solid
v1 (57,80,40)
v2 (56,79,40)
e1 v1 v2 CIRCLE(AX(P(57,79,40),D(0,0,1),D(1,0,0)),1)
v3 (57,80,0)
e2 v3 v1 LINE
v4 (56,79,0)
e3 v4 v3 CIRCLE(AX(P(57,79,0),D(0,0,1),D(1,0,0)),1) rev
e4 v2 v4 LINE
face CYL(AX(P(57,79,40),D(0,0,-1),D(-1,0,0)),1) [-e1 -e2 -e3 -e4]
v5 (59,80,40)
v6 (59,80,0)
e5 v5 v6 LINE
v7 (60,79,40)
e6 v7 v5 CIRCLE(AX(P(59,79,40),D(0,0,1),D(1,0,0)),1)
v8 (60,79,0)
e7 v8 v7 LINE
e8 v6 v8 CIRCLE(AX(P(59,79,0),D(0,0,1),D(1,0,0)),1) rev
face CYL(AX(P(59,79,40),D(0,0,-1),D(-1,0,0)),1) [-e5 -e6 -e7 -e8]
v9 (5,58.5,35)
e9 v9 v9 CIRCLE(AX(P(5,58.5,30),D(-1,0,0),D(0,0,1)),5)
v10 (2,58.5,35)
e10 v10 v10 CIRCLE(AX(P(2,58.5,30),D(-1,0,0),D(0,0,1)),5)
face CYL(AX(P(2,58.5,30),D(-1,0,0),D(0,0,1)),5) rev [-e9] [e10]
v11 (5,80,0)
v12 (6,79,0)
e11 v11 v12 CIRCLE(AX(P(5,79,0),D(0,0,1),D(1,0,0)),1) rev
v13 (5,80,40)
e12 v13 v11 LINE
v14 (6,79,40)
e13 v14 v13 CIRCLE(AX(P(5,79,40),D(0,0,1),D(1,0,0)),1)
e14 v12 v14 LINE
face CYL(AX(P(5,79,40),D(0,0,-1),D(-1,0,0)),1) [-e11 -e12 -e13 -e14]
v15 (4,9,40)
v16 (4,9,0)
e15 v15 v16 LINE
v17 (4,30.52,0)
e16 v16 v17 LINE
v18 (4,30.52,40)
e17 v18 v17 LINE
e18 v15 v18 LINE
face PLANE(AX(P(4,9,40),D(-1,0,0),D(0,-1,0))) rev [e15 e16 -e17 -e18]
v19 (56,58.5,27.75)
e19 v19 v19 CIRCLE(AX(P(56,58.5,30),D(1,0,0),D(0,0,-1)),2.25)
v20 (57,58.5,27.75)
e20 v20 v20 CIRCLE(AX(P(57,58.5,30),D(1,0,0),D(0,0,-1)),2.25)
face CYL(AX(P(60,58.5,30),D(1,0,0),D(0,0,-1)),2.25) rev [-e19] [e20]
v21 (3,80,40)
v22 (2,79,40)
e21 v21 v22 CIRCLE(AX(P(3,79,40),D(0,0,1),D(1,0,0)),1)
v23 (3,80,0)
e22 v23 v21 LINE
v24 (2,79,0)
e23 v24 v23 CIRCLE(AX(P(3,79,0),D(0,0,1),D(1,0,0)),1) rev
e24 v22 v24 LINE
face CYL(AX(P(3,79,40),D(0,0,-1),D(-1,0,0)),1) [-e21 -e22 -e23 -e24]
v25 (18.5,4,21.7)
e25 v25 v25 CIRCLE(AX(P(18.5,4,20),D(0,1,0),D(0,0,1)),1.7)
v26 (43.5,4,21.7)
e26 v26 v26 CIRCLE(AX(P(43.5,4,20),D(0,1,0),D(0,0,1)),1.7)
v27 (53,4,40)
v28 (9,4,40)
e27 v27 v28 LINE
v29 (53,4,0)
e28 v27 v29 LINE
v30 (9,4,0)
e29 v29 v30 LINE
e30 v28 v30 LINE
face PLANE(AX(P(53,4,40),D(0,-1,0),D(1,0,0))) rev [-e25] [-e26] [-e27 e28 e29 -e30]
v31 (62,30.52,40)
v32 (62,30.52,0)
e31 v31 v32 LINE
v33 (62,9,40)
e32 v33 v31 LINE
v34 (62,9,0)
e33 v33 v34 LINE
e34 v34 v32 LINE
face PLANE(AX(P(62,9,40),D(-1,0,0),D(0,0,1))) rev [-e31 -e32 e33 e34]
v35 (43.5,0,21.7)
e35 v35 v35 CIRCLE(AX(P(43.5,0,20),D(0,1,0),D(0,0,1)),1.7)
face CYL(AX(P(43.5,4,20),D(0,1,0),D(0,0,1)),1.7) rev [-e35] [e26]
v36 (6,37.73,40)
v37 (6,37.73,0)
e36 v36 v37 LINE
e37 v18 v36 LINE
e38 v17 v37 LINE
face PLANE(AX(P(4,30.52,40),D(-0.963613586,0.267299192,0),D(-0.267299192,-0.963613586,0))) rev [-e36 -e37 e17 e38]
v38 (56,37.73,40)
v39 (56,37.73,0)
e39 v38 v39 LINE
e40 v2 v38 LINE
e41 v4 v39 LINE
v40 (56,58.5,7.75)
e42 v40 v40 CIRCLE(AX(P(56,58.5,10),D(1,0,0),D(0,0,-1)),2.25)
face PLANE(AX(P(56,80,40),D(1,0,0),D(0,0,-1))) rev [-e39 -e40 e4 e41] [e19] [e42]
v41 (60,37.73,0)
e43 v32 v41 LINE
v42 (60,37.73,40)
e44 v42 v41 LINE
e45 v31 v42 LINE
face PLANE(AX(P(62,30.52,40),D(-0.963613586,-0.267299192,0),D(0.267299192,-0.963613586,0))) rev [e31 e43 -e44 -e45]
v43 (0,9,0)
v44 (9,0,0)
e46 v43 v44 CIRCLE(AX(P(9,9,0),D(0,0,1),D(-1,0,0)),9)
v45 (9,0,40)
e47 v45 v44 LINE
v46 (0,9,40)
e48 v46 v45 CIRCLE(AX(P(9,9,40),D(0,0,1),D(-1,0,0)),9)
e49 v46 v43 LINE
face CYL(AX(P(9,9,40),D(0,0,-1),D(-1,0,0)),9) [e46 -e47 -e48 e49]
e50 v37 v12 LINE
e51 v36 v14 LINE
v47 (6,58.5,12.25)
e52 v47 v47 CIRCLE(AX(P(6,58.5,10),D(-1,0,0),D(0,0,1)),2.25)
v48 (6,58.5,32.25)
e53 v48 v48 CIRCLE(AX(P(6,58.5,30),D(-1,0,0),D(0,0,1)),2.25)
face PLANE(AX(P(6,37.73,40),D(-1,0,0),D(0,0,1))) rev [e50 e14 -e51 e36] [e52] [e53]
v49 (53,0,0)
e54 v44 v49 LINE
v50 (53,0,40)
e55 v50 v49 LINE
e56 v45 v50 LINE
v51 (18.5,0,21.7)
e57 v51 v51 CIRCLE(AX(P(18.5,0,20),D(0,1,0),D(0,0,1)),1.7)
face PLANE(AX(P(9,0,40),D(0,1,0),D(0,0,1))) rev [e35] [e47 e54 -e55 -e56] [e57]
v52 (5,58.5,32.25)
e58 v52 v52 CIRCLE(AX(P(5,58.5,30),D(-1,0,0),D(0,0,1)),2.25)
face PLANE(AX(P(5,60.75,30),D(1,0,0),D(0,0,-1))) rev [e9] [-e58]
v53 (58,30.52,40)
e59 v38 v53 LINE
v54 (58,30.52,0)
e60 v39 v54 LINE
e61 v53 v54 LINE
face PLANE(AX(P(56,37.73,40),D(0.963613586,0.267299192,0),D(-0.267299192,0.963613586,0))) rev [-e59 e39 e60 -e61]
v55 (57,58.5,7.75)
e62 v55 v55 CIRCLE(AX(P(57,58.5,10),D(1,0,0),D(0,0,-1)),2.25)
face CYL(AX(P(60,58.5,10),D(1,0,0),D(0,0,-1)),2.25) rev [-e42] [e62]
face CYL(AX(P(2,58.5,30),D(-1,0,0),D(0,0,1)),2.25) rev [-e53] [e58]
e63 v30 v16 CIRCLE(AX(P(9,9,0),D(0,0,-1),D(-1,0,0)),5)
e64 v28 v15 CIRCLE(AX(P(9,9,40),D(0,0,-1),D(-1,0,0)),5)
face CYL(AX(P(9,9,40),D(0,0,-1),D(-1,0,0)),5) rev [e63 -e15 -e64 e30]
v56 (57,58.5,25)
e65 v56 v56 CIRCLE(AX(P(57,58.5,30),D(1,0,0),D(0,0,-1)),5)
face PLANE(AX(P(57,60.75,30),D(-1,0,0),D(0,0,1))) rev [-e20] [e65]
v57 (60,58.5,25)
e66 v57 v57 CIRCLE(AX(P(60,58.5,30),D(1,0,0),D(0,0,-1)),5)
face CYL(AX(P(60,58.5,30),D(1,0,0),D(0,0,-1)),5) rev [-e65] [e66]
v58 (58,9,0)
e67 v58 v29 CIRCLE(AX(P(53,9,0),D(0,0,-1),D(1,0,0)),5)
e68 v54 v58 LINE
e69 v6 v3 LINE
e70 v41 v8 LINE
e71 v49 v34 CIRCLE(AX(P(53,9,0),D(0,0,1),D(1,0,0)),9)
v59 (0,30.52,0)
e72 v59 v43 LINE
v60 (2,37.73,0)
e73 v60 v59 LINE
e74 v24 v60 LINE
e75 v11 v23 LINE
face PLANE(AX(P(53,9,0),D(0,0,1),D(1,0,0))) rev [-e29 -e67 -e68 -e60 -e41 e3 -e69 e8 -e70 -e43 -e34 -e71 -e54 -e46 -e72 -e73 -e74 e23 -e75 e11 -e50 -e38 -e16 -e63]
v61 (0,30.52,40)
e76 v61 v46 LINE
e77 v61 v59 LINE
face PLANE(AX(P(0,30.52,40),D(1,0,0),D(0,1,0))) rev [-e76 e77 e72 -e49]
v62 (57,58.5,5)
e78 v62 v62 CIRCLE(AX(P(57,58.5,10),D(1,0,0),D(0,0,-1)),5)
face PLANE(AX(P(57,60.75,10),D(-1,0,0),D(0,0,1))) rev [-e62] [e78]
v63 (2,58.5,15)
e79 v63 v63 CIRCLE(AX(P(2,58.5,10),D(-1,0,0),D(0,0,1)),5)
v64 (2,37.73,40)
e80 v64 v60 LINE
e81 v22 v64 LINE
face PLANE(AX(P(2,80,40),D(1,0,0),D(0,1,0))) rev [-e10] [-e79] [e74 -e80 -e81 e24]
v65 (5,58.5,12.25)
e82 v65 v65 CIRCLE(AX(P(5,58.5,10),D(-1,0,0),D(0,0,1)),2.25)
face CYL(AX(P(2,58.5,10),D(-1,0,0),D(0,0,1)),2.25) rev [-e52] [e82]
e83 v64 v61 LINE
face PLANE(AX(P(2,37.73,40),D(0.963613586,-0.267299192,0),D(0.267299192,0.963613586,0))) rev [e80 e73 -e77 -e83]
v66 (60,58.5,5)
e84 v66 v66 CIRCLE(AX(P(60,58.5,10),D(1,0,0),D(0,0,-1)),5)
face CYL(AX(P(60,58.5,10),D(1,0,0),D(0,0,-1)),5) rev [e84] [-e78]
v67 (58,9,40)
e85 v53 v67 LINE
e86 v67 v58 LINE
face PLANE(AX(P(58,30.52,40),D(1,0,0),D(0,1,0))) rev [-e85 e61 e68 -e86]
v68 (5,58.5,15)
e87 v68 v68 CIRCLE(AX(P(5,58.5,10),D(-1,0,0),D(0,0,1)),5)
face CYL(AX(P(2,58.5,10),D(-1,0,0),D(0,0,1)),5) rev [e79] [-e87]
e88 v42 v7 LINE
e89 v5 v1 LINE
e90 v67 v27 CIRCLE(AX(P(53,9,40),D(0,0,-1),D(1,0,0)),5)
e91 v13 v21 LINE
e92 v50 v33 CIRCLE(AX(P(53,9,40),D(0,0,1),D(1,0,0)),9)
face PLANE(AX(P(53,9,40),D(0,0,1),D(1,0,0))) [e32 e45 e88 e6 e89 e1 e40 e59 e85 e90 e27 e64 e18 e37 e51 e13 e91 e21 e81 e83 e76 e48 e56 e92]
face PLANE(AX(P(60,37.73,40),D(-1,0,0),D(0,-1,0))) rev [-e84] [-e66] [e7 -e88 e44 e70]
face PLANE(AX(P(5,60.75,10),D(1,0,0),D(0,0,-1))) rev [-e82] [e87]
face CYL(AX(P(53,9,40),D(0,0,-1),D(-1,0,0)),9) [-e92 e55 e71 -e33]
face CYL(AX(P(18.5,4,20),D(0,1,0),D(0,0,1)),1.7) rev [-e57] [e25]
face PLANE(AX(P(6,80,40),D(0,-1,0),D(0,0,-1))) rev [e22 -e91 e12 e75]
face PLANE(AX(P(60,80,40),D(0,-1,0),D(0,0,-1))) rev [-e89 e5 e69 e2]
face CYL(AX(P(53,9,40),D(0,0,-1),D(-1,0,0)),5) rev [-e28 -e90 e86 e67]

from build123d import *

# Parameters (mm, degrees)
ESTRUSIONE_ESTRUSIONE1_DEPTH                         = 40
RACCORDO1_R                                          = 1
FORO_LAMATO_PER_BULLONE_M12_A_TESTA_ESAG_D           = 4.5
FORO_LAMATO_PER_BULLONE_M12_A_TESTA_ESAG_DEPTH       = 8.5
FORO_LAMATO_PER_BULLONE_M12_A_TESTA_ESAG_CBORE_D     = 10
FORO_LAMATO_PER_BULLONE_M12_A_TESTA_ESAG_CBORE_DEPTH = 3
FORO_LAMATO_PER_BULLONE_M12_A_TESTA_ESAG_TIP         = 1.351936393
FORO_LAMATO_PER_BULLONE_M12_A_TESTA_2_D              = 4.5
FORO_LAMATO_PER_BULLONE_M12_A_TESTA_2_DEPTH          = 8.5
FORO_LAMATO_PER_BULLONE_M12_A_TESTA_2_CBORE_D        = 10
FORO_LAMATO_PER_BULLONE_M12_A_TESTA_2_CBORE_DEPTH    = 3
FORO_LAMATO_PER_BULLONE_M12_A_TESTA_2_TIP            = 1.351936393
FORO_PER_VITE_M3_1_D                                 = 3.4
FORO_PER_VITE_M3_1_DEPTH                             = 8.5
FORO_PER_VITE_M3_1_TIP                               = 1.021463052


with BuildPart() as part:
    # Schizzo1 → Estrusione-Estrusione1 (new body)
    with BuildSketch(Plane.XY):
        with BuildLine():
            Line((9, 0), (53, 0))
            ThreePointArc((53, 0), (59.363961031, 2.636038969), (62, 9))
            Line((62, 9), (62, 30.52))
            Line((62, 30.52), (60, 37.73))
            Line((60, 37.73), (60, 80))
            Line((60, 80), (56, 80))
            Line((56, 80), (56, 37.73))
            Line((56, 37.73), (58, 30.52))
            Line((58, 30.52), (58, 9))
            ThreePointArc((58, 9), (56.535533906, 5.464466094), (53, 4))
            Line((53, 4), (9, 4))
            ThreePointArc((9, 4), (5.464466094, 5.464466094), (4, 9))
            Line((4, 9), (4, 30.52))
            Line((4, 30.52), (6, 37.73))
            Line((6, 37.73), (6, 80))
            Line((6, 80), (2, 80))
            Line((2, 80), (2, 37.73))
            Line((2, 37.73), (0, 30.52))
            Line((0, 30.52), (0, 9))
            ThreePointArc((0, 9), (2.636038969, 2.636038969), (9, 0))
        make_face()
    extrude(amount=ESTRUSIONE_ESTRUSIONE1_DEPTH)

    # Raccordo1
    raccordo1_edges = [part.edges().sort_by_distance(p)[0] for p in [
        (2, 80, 20),
        (6, 80, 20),
        (56, 80, 20),
        (60, 80, 20),
    ]]
    fillet(raccordo1_edges, radius=RACCORDO1_R)

    # Foro lamato per Bullone M12 a testa esag
    with Locations(Plane.ZY.offset(-2)):
        with Locations((10, 58.5), (30, 58.5)):
            CounterBoreHole(FORO_LAMATO_PER_BULLONE_M12_A_TESTA_ESAG_D / 2, FORO_LAMATO_PER_BULLONE_M12_A_TESTA_ESAG_CBORE_D / 2, FORO_LAMATO_PER_BULLONE_M12_A_TESTA_ESAG_CBORE_DEPTH, depth=FORO_LAMATO_PER_BULLONE_M12_A_TESTA_ESAG_DEPTH)
            with Locations((0, 0, -(FORO_LAMATO_PER_BULLONE_M12_A_TESTA_ESAG_DEPTH + FORO_LAMATO_PER_BULLONE_M12_A_TESTA_ESAG_TIP / 2))):  # 118° drill point
                Cone(0, FORO_LAMATO_PER_BULLONE_M12_A_TESTA_ESAG_D / 2, FORO_LAMATO_PER_BULLONE_M12_A_TESTA_ESAG_TIP, mode=Mode.SUBTRACT)

    # Foro lamato per Bullone M12 a testa  2
    with Locations(Plane(origin=(60, 0, 0), x_dir=(0, 0, -1), z_dir=(1, 0, 0))):
        with Locations((-30, 58.5), (-10, 58.5)):
            CounterBoreHole(FORO_LAMATO_PER_BULLONE_M12_A_TESTA_2_D / 2, FORO_LAMATO_PER_BULLONE_M12_A_TESTA_2_CBORE_D / 2, FORO_LAMATO_PER_BULLONE_M12_A_TESTA_2_CBORE_DEPTH, depth=FORO_LAMATO_PER_BULLONE_M12_A_TESTA_2_DEPTH)
            with Locations((0, 0, -(FORO_LAMATO_PER_BULLONE_M12_A_TESTA_2_DEPTH + FORO_LAMATO_PER_BULLONE_M12_A_TESTA_2_TIP / 2))):  # 118° drill point
                Cone(0, FORO_LAMATO_PER_BULLONE_M12_A_TESTA_2_D / 2, FORO_LAMATO_PER_BULLONE_M12_A_TESTA_2_TIP, mode=Mode.SUBTRACT)

    # Foro per Vite M3-1
    with Locations(Plane(origin=(0, 4, 0), x_dir=(1, 0, 0), z_dir=(0, 1, 0))):
        with Locations((18.5, -20), (43.5, -20)):
            Hole(FORO_PER_VITE_M3_1_D / 2, depth=FORO_PER_VITE_M3_1_DEPTH)
            with Locations((0, 0, -(FORO_PER_VITE_M3_1_DEPTH + FORO_PER_VITE_M3_1_TIP / 2))):  # 118° drill point
                Cone(0, FORO_PER_VITE_M3_1_D / 2, FORO_PER_VITE_M3_1_TIP, mode=Mode.SUBTRACT)


solid = part.part
